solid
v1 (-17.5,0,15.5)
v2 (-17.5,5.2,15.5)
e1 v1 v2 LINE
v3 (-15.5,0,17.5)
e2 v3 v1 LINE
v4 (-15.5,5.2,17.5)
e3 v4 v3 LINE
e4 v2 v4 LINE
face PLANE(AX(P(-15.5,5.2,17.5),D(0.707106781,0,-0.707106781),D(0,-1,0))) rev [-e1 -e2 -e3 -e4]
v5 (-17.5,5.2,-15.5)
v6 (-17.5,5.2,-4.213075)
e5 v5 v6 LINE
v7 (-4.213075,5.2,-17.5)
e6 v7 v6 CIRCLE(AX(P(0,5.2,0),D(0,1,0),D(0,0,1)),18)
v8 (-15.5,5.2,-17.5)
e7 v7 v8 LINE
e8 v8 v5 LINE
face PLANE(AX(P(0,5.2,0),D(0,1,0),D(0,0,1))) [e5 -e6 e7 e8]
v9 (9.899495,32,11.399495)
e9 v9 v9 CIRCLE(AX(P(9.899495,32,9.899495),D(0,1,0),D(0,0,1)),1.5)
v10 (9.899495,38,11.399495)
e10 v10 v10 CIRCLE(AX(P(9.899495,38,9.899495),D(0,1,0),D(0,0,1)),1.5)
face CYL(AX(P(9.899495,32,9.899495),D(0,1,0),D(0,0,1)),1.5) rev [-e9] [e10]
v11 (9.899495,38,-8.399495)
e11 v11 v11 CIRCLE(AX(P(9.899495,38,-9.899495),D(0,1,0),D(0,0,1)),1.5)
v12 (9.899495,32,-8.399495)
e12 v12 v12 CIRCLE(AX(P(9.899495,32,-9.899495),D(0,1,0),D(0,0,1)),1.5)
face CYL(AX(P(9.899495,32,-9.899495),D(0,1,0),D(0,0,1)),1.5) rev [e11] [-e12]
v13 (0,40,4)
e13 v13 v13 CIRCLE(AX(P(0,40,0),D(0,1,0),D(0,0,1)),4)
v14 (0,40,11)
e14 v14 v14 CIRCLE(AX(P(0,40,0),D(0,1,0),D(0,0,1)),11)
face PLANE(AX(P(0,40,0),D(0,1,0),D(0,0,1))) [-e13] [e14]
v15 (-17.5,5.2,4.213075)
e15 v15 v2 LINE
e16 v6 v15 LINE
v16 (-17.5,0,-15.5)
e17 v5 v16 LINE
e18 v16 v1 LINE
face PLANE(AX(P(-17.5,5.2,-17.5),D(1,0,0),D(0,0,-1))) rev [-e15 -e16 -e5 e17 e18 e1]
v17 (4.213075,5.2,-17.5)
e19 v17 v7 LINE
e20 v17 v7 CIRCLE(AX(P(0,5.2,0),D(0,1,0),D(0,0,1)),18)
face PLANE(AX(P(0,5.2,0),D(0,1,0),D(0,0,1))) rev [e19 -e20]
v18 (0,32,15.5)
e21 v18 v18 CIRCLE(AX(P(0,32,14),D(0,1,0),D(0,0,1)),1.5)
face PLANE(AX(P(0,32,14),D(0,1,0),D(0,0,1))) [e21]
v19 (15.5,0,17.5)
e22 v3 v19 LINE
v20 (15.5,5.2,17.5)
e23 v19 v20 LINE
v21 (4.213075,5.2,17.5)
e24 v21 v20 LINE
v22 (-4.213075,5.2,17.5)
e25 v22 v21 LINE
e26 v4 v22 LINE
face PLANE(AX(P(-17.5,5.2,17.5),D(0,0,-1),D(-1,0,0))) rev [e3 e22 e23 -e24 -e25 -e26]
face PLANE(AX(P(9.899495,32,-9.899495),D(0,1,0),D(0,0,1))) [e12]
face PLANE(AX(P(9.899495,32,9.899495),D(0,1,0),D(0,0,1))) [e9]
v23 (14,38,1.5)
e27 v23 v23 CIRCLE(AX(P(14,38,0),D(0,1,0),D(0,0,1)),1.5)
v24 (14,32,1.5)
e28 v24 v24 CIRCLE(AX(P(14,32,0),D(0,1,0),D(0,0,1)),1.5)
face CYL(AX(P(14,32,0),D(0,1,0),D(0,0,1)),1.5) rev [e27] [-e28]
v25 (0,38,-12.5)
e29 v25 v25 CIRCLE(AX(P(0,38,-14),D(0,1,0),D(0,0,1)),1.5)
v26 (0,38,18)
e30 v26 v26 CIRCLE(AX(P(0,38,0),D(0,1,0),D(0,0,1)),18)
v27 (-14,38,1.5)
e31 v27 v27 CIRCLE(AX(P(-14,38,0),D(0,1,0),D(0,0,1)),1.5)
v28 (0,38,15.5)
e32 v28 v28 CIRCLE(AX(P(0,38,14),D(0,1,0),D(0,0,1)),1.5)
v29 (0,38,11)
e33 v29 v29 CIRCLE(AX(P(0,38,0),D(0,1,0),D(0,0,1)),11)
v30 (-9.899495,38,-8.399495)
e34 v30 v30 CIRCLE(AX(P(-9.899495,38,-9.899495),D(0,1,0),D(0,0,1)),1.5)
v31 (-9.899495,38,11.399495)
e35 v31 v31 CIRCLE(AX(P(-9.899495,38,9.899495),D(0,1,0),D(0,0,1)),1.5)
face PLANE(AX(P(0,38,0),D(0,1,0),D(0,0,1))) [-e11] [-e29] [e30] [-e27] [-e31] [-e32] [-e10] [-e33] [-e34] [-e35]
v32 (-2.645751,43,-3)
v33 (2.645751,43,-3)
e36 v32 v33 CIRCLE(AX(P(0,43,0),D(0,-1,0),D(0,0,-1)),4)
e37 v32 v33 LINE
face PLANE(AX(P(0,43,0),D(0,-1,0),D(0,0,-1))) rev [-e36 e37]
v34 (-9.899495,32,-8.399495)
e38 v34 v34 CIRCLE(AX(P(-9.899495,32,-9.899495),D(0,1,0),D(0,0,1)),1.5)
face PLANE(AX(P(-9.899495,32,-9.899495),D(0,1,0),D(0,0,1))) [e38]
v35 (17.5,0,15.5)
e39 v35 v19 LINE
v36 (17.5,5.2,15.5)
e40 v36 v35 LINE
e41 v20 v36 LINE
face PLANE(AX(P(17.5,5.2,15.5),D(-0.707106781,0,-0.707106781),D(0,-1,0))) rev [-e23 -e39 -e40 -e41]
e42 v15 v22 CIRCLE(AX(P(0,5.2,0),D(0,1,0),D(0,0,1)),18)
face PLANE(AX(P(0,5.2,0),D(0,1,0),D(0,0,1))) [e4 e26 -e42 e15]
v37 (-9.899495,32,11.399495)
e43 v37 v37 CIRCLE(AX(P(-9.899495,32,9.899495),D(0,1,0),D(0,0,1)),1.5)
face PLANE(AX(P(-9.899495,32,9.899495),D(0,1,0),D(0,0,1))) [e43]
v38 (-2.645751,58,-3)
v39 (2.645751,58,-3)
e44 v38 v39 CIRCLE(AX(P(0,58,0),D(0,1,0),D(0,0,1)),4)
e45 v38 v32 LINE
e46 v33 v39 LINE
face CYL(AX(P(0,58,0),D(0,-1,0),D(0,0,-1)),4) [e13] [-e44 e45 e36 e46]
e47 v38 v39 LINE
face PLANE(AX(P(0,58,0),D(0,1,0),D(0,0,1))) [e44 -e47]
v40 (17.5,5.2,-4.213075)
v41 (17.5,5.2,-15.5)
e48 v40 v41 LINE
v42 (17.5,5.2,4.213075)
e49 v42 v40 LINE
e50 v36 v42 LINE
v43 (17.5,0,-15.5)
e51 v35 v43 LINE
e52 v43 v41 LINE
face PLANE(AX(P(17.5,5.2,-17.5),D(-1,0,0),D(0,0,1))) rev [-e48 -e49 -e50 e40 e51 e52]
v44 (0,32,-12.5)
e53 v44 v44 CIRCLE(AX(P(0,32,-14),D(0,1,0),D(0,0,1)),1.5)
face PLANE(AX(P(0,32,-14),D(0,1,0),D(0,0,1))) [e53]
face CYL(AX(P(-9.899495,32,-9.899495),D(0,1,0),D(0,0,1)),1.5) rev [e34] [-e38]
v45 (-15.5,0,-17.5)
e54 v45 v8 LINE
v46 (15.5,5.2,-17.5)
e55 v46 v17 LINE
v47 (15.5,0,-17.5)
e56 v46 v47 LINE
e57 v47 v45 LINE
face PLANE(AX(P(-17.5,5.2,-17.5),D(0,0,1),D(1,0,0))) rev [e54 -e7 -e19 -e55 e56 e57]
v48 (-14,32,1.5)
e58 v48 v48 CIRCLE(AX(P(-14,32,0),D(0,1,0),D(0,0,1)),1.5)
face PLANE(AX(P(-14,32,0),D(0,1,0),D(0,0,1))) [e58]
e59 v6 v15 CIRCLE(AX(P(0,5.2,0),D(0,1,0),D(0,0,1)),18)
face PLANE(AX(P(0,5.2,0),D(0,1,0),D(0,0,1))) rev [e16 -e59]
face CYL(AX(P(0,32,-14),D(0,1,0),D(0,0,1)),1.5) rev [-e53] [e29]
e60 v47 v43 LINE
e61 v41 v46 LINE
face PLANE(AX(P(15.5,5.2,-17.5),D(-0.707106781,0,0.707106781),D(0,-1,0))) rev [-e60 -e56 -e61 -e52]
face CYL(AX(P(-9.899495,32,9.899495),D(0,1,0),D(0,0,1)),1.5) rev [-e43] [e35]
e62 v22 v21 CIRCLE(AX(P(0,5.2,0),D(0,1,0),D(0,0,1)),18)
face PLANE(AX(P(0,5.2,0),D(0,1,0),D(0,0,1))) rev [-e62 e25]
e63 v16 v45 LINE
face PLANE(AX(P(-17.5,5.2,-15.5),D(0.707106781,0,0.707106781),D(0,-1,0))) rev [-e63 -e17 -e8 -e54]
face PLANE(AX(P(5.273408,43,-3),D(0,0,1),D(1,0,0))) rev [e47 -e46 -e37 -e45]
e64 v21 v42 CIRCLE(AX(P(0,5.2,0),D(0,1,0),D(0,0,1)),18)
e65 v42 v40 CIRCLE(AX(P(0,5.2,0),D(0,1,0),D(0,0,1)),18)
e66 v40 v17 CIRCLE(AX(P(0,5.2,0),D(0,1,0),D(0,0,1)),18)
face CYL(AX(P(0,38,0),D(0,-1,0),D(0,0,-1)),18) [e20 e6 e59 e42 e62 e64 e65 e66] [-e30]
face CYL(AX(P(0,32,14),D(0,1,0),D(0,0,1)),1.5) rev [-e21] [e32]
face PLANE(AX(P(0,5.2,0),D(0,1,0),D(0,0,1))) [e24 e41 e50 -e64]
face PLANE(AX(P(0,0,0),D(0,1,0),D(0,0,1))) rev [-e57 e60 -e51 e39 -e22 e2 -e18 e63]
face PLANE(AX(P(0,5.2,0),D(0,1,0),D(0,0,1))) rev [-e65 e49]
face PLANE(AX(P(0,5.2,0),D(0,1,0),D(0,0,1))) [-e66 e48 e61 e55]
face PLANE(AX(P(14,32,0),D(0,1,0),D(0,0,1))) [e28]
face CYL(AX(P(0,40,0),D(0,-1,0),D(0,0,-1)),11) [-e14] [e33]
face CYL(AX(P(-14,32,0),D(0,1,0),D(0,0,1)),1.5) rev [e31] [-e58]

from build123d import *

# Parameters (mm, degrees)
SKETCH_1_W          = 35
SKETCH_1_H          = 35
EXTRUDE_1_DEPTH     = 5.2
SKETCH_2_R          = 18
EXTRUDE_2_DEPTH     = 32.8
SKETCH_3_R          = 11
EXTRUDE_3_DEPTH     = 2
SKETCH_4_R          = 4
EXTRUDE_4_DEPTH     = 18
SKETCH_5_W          = 10.54681648
SKETCH_5_H          = 7.766292135
CUT_EXTRUDE_1_DEPTH = 15
CHAMFER_1_SIZE      = 2
SKETCH_6_R          = 1.5
CUT_EXTRUDE_2_DEPTH = 6
SKETCH_7_R          = 1.5
CUT_EXTRUDE_3_DEPTH = 6


with BuildPart() as part:
    # 草图1 → 凸台-拉伸1 (new body)
    with BuildSketch(Plane(origin=(0, 0, 0), x_dir=(1, 0, 0), z_dir=(0, 1, 0))):
        Rectangle(SKETCH_1_W, SKETCH_1_H)
    extrude(amount=EXTRUDE_1_DEPTH)

    # 草图2 → 凸台-拉伸2 (add)
    with BuildSketch(Plane(origin=(0, 5.2, 0), x_dir=(1, 0, 0), z_dir=(0, 1, 0))):
        with Locations(Location((0, 0, 0), (0, 0, 76.463797263))):
            Circle(SKETCH_2_R)
    extrude(amount=EXTRUDE_2_DEPTH)

    # 草图3 → 凸台-拉伸3 (add)
    with BuildSketch(Plane(origin=(0, 38, 0), x_dir=(1, 0, 0), z_dir=(0, 1, 0))):
        with Locations(Location((0, 0, 0), (0, 0, 270))):
            Circle(SKETCH_3_R)
    extrude(amount=EXTRUDE_3_DEPTH)

    # 草图4 → 凸台-拉伸4 (add)
    with BuildSketch(Plane(origin=(0, 40, 0), x_dir=(1, 0, 0), z_dir=(0, 1, 0))):
        with Locations(Location((0, 0, 0), (0, 0, 270))):
            Circle(SKETCH_4_R)
    extrude(amount=EXTRUDE_4_DEPTH)

    # 草图5 → 切除-拉伸1 (cut)
    with BuildSketch(Plane(origin=(0, 58, 0), x_dir=(1, 0, 0), z_dir=(0, 1, 0))):
        with Locations((0, 6.883146068)):
            Rectangle(SKETCH_5_W, SKETCH_5_H)
    extrude(amount=-CUT_EXTRUDE_1_DEPTH, mode=Mode.SUBTRACT)

    # 倒角1
    chamfer_1_edges = [part.edges().sort_by_distance(p)[0] for p in [
        (17.5, 2.6, 17.5),
        (-17.5, 2.6, 17.5),
        (-17.5, 2.6, -17.5),
        (17.5, 2.6, -17.5),
    ]]
    chamfer(chamfer_1_edges, length=CHAMFER_1_SIZE)

    # 草图6 → 切除-拉伸2 (cut)
    with BuildSketch(Plane(origin=(0, 38, 0), x_dir=(1, 0, 0), z_dir=(0, 1, 0))):
        with Locations(Location((0, 14, 0), (0, 0, 270))):
            Circle(SKETCH_6_R)
        with Locations(Location((14, 0, 0), (0, 0, 270))):
            Circle(SKETCH_6_R)
        with Locations(Location((0, -14, 0), (0, 0, 270))):
            Circle(SKETCH_6_R)
        with Locations(Location((-14, 0, 0), (0, 0, 270))):
            Circle(SKETCH_6_R)
    extrude(amount=-CUT_EXTRUDE_2_DEPTH, mode=Mode.SUBTRACT)

    # 草图7 → 切除-拉伸3 (cut)
    with BuildSketch(Plane(origin=(0, 38, 0), x_dir=(1, 0, 0), z_dir=(0, 1, 0))):
        with Locations(Location((-9.899494937, 9.899494937, 0), (0, 0, 270))):
            Circle(SKETCH_7_R)
        with Locations(Location((9.899494937, 9.899494937, 0), (0, 0, 270))):
            Circle(SKETCH_7_R)
        with Locations(Location((9.899494937, -9.899494937, 0), (0, 0, 270))):
            Circle(SKETCH_7_R)
        with Locations(Location((-9.899494937, -9.899494937, 0), (0, 0, 270))):
            Circle(SKETCH_7_R)
    extrude(amount=-CUT_EXTRUDE_3_DEPTH, mode=Mode.SUBTRACT)


solid = part.part
